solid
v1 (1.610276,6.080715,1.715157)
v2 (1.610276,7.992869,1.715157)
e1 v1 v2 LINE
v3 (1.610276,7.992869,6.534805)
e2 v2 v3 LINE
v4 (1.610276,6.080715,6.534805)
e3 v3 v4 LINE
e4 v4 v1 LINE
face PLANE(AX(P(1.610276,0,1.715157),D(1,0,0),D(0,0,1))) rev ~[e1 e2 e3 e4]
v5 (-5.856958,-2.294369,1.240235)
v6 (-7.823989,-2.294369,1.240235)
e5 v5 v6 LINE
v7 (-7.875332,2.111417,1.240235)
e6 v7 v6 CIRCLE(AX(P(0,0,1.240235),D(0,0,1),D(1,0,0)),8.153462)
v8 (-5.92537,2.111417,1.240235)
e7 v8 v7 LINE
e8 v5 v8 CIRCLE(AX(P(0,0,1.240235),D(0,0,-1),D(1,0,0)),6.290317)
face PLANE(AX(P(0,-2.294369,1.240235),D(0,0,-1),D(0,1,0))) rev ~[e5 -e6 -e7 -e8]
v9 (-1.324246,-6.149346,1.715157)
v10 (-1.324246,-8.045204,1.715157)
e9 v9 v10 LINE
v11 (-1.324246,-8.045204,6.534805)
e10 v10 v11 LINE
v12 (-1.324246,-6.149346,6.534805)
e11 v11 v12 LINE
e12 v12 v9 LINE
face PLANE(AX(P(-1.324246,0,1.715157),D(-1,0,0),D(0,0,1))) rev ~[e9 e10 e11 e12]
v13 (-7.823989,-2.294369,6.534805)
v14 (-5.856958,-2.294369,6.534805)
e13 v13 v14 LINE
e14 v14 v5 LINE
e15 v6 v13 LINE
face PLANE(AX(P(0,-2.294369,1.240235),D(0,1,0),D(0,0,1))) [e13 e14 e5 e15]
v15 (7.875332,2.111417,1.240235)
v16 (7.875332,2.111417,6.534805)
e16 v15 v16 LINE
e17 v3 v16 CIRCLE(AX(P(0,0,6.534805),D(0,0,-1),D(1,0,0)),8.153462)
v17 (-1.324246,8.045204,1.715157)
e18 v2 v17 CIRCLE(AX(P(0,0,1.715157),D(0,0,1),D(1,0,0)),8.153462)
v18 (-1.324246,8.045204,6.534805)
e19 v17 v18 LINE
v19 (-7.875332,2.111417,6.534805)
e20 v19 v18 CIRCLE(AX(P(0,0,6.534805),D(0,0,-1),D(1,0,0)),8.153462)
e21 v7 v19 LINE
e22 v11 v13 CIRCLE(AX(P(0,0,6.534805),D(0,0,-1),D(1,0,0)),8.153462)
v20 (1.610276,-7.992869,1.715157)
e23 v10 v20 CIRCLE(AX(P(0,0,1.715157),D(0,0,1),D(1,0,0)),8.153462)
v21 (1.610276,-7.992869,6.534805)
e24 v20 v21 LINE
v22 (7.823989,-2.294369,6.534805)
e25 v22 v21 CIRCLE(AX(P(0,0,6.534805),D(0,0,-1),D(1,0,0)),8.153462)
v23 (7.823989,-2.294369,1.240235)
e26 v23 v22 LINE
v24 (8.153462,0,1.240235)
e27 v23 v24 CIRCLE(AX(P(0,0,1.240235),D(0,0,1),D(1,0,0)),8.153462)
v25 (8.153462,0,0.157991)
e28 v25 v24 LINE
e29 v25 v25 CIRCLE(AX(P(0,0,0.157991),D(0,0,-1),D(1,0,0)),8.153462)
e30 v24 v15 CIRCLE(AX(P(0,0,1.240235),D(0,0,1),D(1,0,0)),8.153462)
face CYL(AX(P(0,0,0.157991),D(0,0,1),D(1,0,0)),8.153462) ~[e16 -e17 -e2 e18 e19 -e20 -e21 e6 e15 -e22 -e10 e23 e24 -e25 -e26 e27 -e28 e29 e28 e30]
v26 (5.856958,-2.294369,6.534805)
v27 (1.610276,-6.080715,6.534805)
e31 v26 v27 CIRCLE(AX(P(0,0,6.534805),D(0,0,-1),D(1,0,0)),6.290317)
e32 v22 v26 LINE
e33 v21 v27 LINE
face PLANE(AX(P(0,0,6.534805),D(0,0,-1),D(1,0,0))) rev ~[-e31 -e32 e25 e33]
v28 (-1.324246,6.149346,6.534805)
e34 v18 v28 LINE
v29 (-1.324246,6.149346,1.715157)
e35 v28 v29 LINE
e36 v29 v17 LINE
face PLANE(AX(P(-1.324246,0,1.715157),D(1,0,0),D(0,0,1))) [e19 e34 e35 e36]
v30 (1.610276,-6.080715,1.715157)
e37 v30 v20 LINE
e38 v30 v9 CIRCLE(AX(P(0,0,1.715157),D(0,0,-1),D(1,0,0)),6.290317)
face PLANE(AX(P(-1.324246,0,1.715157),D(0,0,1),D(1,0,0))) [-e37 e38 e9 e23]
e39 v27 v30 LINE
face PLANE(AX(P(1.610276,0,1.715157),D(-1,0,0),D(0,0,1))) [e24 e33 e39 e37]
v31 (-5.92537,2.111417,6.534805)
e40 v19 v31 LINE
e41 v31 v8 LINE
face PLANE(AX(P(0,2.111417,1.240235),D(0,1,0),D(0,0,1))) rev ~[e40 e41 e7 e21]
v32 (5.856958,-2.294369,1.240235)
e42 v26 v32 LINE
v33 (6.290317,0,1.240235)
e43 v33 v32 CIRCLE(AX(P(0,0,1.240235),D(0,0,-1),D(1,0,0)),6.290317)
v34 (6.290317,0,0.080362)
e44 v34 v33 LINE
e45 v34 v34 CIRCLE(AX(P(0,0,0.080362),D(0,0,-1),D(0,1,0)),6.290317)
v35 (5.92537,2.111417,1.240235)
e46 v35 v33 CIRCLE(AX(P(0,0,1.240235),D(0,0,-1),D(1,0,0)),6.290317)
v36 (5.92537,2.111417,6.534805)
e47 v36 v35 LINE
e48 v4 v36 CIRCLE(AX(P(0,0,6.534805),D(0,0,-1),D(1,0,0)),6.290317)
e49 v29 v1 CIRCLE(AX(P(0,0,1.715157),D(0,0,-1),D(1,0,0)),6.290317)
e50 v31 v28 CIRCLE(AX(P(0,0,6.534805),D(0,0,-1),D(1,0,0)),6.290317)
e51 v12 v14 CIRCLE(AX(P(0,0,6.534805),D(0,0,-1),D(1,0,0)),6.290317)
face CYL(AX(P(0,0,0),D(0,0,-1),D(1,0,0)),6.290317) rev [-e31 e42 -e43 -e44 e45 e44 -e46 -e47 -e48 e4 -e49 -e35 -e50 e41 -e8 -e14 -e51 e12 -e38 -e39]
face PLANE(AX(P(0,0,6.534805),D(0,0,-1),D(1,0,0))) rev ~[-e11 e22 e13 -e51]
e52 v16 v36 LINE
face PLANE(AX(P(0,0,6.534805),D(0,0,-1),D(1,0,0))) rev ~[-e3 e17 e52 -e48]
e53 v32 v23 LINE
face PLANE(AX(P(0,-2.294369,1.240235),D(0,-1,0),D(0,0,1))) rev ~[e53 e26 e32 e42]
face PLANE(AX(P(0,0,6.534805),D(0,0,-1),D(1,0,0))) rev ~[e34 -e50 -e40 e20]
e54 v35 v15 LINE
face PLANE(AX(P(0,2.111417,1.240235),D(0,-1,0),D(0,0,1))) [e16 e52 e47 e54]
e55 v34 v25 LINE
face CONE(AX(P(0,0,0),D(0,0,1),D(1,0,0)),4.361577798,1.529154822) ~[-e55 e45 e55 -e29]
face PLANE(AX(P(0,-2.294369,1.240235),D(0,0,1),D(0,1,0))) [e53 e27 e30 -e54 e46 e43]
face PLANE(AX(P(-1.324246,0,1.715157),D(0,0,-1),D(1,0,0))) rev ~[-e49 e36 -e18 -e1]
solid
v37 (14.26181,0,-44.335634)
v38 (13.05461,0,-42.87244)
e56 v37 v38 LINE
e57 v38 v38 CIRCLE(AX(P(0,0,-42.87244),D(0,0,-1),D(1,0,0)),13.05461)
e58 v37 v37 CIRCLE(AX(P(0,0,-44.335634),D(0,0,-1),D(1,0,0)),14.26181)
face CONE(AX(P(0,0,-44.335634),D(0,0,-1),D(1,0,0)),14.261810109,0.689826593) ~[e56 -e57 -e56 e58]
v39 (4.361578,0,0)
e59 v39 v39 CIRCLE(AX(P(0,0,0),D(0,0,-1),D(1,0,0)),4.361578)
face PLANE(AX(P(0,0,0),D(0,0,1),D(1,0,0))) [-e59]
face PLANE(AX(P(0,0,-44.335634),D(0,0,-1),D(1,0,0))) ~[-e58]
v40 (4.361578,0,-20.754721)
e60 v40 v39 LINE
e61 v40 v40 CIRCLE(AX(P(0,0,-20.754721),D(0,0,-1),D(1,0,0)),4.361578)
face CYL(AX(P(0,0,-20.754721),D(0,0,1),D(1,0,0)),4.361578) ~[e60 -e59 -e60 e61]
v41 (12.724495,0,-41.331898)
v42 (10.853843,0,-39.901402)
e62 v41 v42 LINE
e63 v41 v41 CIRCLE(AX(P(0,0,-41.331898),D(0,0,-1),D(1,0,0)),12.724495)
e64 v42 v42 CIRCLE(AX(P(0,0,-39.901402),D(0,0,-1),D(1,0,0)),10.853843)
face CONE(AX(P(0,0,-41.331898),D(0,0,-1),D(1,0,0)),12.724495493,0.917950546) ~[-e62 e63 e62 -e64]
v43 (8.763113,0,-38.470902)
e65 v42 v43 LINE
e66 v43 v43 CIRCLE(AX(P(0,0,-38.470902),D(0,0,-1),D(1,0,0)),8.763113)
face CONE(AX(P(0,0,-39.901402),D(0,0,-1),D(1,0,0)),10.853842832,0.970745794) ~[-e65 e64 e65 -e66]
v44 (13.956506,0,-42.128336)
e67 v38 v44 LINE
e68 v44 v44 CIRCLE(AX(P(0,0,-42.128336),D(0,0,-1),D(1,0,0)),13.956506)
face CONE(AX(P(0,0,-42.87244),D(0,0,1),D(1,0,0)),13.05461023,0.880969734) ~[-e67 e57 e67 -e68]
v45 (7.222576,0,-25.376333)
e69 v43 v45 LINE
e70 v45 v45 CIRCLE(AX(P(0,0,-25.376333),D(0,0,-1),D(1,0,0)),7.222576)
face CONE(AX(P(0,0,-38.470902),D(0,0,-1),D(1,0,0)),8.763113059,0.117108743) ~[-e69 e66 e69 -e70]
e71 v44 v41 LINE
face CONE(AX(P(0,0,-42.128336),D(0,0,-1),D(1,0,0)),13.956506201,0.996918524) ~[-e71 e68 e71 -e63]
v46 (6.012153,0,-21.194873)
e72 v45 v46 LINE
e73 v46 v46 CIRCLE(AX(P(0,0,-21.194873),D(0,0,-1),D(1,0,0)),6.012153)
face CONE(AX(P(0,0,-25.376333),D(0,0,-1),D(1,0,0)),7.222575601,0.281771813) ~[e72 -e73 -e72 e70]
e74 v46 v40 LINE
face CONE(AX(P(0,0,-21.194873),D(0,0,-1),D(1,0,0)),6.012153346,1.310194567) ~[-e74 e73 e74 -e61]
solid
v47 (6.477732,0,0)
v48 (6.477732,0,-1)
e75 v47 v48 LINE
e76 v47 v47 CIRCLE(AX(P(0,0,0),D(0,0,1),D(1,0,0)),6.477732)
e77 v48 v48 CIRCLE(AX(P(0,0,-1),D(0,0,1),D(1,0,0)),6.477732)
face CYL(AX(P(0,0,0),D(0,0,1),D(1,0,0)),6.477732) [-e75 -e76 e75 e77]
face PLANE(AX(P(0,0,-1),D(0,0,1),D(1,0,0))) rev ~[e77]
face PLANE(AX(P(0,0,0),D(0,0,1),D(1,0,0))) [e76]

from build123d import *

# Parameters (mm, degrees)
F2_R          = 6.2903170644
F3_DEPTH      = 25
F4_W          = 2.9345224611
F4_H          = 4.864071263
F5_DEPTH      = 25
F5_DEPTH_BACK = 25
F6_W          = 4.4057860505
F6_H          = 5.4571669316
F7_DEPTH      = 25
F7_DEPTH_BACK = 25
F8_R          = 6.4777323638
F9_DEPTH      = 1


with BuildPart() as f1:
    # F0 (on Front) → F1 (revolve)
    with BuildSketch(Plane.XZ):
        Polygon((0, 6.5942350894), (0, -44.3356335163), (14.261810109, -44.3356335163), (13.05461023, -42.8724400699), (13.9565062012, -42.1283356524), (12.7244954929, -41.331898421), (10.8538428321, -39.9014018476), (8.7631130591, -38.4709015489), (7.2225756012, -25.3763329238), (6.0121533461, -21.1948733777), (4.3615777977, -20.7547210157), (4.3615777977, 0), (8.1534618512, 0.1579910895), (8.1534618512, 6.53480459), (4.8017329536, 6.53480459), (4.8017329536, 2.9035371263), (1.8306958955, 2.9035371263), (1.7206574557, 6.6448426805), align=None)
    revolve(axis=Axis((0, 0, -18.8706992134), (0, 0, -1)))

    # F2 (on Top) → F3 (cut)
    with BuildSketch(Plane.XY):
        Circle(F2_R)
    extrude(amount=F3_DEPTH, mode=Mode.SUBTRACT)

    # F4 (on Front) → F5 (cut, two sides)
    with BuildSketch(Plane.XZ) as f5_sk:
        with Locations((0.1430150587, 4.1471930454)):
            Rectangle(F4_W, F4_H)
    extrude(amount=-F5_DEPTH, mode=Mode.SUBTRACT)
    extrude(f5_sk.sketch, amount=F5_DEPTH_BACK, mode=Mode.SUBTRACT)

    # F6 (on Right) → F7 (cut, two sides)
    with BuildSketch(Plane.YZ) as f7_sk:
        with Locations((-0.0914762495, 3.9688184042)):
            Rectangle(F6_W, F6_H)
    extrude(amount=-F7_DEPTH, mode=Mode.SUBTRACT)
    extrude(f7_sk.sketch, amount=F7_DEPTH_BACK, mode=Mode.SUBTRACT)


with BuildPart() as f9:
    # F8 (on Top) → F9 (new body)
    with BuildSketch(Plane.XY):
        Circle(F8_R)
    extrude(amount=-F9_DEPTH)


solid = Compound([f1.part, f9.part])
